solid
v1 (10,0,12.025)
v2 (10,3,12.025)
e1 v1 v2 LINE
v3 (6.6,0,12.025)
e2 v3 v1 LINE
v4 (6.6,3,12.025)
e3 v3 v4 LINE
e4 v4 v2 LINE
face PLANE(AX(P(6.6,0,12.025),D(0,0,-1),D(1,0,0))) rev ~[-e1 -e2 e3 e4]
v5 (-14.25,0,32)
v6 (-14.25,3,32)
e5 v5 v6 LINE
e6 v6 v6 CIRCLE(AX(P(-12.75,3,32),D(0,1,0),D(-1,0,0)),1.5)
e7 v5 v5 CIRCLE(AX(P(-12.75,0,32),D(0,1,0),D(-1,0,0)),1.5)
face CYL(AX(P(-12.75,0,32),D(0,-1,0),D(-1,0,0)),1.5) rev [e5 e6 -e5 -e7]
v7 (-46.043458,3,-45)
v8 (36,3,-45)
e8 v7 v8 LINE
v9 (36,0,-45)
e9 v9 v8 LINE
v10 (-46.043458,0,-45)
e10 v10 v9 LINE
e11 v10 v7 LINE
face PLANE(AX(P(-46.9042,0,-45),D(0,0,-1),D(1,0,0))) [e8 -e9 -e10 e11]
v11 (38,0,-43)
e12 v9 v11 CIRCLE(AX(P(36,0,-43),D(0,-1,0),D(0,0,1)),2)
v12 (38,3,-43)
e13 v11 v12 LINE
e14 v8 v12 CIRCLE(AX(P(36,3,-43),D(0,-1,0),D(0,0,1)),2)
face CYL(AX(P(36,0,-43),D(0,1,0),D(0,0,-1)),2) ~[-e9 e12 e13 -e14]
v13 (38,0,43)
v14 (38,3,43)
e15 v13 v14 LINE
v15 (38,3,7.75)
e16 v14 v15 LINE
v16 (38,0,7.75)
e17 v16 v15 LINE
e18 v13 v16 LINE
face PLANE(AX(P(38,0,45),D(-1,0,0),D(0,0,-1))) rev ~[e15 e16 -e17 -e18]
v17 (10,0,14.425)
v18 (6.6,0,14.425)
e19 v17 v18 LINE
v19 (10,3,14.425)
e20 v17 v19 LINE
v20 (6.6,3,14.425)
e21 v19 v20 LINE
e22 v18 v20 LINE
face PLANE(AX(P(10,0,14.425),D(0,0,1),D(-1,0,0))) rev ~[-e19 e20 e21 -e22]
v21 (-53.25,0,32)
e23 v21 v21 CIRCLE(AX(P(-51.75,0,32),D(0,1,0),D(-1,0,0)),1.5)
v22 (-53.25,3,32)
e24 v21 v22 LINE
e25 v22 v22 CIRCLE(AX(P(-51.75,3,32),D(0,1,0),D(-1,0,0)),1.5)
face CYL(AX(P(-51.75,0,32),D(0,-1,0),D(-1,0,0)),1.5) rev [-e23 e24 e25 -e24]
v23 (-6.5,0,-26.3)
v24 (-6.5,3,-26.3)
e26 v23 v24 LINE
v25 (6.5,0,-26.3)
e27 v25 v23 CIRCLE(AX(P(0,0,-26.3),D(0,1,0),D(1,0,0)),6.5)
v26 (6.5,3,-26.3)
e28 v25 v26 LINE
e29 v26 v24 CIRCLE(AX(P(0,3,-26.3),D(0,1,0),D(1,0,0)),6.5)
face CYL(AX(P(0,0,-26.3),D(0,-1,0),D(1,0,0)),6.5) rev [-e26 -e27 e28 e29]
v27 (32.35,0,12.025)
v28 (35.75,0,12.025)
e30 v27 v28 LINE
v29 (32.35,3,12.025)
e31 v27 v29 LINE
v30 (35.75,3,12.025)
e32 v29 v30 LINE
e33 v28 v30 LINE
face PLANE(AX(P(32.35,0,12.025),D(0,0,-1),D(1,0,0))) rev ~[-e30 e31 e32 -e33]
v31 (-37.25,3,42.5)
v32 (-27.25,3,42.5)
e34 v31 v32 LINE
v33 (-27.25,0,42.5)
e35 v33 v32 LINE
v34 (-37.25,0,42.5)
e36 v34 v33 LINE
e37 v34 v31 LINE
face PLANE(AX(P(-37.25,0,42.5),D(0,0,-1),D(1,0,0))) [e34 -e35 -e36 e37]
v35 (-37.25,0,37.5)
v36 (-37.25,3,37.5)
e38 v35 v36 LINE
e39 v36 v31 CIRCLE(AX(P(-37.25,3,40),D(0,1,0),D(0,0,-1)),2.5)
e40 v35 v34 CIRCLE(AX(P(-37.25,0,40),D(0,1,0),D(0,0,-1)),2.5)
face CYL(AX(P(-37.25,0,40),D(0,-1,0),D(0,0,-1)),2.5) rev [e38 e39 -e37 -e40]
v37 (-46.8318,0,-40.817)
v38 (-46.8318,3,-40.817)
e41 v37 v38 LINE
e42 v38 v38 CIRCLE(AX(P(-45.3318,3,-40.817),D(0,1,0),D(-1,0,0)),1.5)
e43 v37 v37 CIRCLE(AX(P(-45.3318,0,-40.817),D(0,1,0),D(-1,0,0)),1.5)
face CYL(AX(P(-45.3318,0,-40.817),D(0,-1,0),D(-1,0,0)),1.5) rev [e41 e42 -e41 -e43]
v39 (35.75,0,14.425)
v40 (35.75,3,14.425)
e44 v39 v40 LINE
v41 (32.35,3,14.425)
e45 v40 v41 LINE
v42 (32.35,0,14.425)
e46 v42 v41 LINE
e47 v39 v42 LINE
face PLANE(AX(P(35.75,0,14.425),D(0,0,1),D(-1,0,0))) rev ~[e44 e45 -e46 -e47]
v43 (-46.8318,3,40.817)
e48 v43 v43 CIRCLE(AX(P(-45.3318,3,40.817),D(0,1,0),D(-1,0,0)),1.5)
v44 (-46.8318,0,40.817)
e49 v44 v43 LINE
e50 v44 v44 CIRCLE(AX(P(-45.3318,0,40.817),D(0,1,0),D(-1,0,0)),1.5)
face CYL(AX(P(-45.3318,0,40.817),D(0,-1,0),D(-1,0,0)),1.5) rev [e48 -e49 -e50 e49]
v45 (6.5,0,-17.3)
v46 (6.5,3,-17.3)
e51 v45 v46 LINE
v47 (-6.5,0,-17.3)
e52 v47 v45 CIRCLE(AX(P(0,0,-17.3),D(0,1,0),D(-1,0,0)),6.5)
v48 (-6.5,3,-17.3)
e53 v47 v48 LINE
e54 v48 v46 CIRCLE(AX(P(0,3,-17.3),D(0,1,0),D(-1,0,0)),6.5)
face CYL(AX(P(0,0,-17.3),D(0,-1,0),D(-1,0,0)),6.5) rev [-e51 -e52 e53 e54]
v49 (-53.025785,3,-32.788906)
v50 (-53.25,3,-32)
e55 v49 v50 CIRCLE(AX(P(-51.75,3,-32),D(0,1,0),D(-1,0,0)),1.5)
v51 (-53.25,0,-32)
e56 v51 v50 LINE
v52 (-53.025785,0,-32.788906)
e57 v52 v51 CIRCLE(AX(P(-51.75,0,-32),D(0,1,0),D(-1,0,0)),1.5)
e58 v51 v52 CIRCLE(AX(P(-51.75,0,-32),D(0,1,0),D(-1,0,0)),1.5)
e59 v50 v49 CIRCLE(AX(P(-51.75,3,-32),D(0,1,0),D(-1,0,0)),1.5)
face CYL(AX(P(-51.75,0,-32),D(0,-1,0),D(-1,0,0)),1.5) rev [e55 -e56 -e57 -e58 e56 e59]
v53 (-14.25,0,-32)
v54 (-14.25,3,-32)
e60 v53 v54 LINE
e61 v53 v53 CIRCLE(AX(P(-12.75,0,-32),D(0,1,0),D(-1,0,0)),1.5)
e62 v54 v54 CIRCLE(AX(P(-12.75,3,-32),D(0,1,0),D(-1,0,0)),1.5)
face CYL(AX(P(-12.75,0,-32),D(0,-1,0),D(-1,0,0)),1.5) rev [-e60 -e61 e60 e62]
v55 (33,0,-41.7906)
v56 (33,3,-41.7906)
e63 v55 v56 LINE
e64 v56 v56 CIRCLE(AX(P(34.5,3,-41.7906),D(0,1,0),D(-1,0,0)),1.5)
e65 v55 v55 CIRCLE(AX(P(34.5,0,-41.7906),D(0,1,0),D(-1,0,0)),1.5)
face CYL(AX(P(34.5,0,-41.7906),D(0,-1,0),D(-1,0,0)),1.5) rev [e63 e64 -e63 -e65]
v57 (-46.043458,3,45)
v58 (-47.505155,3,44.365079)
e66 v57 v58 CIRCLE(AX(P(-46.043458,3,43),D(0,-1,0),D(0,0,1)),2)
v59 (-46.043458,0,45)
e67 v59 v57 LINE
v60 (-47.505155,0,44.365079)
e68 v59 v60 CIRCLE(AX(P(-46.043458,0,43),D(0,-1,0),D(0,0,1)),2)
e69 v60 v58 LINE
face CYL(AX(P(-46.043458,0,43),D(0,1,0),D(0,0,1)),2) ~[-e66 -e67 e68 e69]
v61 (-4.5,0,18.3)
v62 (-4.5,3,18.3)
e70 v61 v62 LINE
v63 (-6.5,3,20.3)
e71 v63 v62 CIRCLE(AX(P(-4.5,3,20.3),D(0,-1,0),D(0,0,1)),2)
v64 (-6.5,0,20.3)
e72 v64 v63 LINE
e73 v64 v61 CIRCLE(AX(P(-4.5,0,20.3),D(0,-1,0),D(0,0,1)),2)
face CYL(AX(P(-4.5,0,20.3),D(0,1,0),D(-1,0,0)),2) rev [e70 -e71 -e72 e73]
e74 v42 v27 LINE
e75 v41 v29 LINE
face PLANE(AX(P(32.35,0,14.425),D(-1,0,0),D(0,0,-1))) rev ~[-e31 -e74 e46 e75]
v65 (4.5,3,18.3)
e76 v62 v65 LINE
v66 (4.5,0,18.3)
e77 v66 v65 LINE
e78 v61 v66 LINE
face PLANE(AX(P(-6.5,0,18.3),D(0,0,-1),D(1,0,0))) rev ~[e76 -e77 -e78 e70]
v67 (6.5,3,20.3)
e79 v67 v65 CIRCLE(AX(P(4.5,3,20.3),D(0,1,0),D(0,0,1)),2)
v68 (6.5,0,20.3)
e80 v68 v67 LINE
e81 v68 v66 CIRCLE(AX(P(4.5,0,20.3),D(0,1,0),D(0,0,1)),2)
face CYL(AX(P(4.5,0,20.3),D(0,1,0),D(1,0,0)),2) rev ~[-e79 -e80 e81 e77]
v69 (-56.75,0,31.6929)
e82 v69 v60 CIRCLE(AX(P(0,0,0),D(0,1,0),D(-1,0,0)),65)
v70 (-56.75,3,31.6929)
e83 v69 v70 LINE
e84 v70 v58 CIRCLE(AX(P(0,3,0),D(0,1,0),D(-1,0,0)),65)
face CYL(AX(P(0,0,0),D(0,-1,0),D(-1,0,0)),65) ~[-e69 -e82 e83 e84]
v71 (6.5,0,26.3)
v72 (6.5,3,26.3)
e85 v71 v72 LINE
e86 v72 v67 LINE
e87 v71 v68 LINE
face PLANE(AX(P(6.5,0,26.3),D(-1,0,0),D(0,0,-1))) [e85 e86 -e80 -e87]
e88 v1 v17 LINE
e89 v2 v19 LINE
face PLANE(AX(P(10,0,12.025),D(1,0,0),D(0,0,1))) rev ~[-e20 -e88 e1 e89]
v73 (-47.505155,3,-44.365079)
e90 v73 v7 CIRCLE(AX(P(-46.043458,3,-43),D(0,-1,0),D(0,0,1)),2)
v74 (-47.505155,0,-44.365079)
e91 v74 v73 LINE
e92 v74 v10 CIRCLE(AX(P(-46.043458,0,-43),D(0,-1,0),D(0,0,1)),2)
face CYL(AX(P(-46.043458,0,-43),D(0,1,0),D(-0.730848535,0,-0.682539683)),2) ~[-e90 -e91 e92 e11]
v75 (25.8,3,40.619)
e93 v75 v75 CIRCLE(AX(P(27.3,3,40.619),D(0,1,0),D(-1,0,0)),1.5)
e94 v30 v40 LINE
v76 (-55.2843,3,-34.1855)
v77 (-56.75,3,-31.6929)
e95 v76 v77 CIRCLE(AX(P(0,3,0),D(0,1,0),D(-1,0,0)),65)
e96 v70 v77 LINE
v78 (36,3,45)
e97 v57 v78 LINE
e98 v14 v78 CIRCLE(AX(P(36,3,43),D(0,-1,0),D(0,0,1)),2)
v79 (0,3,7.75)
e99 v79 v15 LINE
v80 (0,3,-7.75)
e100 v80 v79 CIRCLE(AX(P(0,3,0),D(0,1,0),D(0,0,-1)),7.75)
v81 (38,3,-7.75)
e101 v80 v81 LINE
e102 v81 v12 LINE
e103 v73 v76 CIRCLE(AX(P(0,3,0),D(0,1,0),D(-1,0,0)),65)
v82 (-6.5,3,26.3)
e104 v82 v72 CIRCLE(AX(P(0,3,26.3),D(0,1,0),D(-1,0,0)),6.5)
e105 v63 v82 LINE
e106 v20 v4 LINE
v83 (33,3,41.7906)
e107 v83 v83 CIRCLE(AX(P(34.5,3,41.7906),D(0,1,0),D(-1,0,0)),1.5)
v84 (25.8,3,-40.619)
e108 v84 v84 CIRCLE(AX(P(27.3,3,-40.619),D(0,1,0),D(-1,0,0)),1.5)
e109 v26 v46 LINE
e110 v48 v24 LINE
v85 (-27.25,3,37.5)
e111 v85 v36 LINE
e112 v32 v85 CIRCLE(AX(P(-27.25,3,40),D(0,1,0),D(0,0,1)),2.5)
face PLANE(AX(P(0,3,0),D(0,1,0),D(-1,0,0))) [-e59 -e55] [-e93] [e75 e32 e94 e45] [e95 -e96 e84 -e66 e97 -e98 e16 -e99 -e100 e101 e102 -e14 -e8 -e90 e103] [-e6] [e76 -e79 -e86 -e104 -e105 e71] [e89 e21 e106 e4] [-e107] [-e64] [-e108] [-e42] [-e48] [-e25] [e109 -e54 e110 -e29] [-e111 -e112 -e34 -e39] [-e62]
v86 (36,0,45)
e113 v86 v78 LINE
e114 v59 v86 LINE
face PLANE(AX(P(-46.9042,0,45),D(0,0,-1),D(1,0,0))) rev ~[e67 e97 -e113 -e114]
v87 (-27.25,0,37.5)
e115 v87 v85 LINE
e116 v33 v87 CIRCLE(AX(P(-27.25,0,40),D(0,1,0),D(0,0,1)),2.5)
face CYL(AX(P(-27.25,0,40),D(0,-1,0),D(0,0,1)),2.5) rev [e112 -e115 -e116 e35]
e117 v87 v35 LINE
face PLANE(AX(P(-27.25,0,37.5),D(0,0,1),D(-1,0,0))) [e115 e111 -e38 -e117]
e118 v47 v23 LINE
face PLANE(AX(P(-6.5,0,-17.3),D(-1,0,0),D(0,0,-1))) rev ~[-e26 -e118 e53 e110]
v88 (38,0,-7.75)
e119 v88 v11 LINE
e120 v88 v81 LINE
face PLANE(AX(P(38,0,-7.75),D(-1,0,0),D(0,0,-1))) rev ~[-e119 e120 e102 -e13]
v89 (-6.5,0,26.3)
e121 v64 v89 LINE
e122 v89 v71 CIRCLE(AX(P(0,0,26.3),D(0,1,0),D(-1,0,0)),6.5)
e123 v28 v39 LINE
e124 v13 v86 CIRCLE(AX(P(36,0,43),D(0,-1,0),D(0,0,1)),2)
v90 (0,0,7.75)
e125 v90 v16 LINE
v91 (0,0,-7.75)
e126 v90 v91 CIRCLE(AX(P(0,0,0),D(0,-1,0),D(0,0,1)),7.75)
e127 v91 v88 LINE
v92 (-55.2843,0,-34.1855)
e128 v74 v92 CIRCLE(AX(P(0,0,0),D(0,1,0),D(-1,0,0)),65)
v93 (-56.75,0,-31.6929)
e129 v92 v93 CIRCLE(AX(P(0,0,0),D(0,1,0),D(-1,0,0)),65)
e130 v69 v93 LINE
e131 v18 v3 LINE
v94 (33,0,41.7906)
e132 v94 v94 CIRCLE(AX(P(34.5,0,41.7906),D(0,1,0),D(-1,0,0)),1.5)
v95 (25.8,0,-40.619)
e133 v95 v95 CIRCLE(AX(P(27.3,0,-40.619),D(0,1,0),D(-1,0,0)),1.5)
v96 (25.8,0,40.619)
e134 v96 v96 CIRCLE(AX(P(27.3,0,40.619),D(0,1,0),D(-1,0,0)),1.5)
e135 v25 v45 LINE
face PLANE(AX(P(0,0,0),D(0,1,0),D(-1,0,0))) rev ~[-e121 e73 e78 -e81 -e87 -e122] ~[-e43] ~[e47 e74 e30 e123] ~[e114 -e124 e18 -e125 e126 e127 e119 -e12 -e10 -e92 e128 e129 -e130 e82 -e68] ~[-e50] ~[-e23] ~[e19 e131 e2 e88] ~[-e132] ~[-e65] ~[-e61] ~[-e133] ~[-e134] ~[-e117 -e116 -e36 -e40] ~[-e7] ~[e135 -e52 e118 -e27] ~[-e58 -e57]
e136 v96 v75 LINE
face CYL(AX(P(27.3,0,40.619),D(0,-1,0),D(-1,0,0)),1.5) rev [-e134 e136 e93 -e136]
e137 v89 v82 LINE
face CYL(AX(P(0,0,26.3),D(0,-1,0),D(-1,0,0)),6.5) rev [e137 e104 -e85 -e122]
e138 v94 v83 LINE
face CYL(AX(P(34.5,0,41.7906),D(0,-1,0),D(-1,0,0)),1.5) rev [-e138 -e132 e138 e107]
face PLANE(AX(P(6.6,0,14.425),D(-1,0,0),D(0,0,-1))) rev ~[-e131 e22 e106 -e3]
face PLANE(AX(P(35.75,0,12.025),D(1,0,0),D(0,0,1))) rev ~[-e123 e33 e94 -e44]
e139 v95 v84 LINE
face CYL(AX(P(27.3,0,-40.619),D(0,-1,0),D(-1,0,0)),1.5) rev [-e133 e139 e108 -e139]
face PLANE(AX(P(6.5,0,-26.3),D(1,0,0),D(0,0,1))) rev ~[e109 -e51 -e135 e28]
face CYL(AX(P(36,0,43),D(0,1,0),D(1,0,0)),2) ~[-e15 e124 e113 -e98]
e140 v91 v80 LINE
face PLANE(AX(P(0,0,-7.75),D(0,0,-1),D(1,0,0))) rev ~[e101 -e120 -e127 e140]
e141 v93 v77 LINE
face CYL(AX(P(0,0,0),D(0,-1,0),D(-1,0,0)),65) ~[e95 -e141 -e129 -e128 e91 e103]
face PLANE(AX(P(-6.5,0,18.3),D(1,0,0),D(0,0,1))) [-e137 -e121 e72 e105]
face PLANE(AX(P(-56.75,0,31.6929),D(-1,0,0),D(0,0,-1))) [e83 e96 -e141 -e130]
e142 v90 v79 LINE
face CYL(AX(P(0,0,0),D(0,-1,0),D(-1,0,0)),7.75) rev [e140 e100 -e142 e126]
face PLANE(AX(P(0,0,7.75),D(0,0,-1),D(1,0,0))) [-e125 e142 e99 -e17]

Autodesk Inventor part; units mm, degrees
ref_plane "YZ Plane" through (0, 0, 0) normal (1, 0, 0) x (0, 1, 0)
ref_plane "XZ Plane" through (0, 0, 0) normal (0, 1, 0) x (-1, 0, 0)
ref_plane "XY Plane" through (0, 0, 0) normal (0, 0, 1) x (1, 0, 0)
sketch "Sketch1" plane through (0, 0, 0) normal (0, 1, 0) x (-1, 0, 0)
  circle A0 centre (0, 0) radius 54.1913 construction
  line L0 (0, 54.1913) -> (0, -54.1913) construction
  circle A1 centre (-34.5, 41.7906) radius 1.5
  line L1 (0, 0) -> (-54.1913, 0)
  circle A2 centre (-34.5, -41.7906) radius 1.5
  line L2 (-38, 52.7352) -> (-38, -52.7352)
  circle A3 centre (0, 0) radius 7.75
  line L3 (0, 7.75) -> (-38, 7.75)
  line L4 (0, -7.75) -> (-38, -7.75)
  circle A4 centre (0, 0) radius 65
  circle A5 centre (-34.5, -41.7906) radius 1.5
  line L5 (12.75, 32) -> (51.75, 32) construction
  line L6 (51.75, 32) -> (51.75, -32) construction
  line L7 (51.75, -32) -> (12.75, -32) construction
  line L8 (12.75, -32) -> (12.75, 32) construction
  circle A6 centre (0, 0) radius 70 construction
  line L9 (-45, 53.619) -> (-45, -53.619) construction
  line L10 (0, 0) -> (-34.5, 41.7906) construction
  circle A7 centre (-27.3, 40.619) radius 1.5
  circle A8 centre (-27.3, -40.619) radius 1.5
  circle A9 centre (51.75, -32) radius 1.5
  line L11 (51.75, -32) -> (55.2843, -34.1855)
  circle A10 centre (51.75, 32) radius 1.5
  circle A11 centre (12.75, 32) radius 1.5
  circle A12 centre (12.75, -32) radius 1.5
  circle A13 centre (45.3318, 40.817) radius 1.5
  circle A14 centre (45.3318, -40.817) radius 1.5
  line L12 (-6.6, 12.025) -> (-10, 12.025)
  line L13 (-10, 12.025) -> (-10, 14.425)
  line L14 (-10, 14.425) -> (-6.6, 14.425)
  line L15 (-6.6, 14.425) -> (-6.6, 12.025)
  line L16 (0, 26.3) -> (0, 17.3) construction
  line L17 (-6.5, 26.3) -> (-6.5, 17.3)
  line L18 (6.5, 17.3) -> (6.5, 26.3)
  arc A15 (6.5, 26.3) -> (-6.5, 26.3) centre (0, 26.3) ccw
  arc A16 (-6.5, 17.3) -> (6.5, 17.3) centre (0, 17.3) ccw
  line L19 (-6.5, -26.3) -> (-6.5, -17.3)
  line L20 (6.5, -17.3) -> (6.5, -26.3)
  arc A17 (-6.5, -26.3) -> (6.5, -26.3) centre (0, -26.3) ccw
  arc A18 (6.5, -17.3) -> (-6.5, -17.3) centre (0, -17.3) ccw
  line L21 (0, 0) -> (-12.842, 0) construction
  line L22 (-10, 12.025) -> (-26.65, 12.025) construction
  line L23 (-26.65, 12.025) -> (-26.65, 0) construction
  line L24 (-26.65, 0) -> (-17.65, 0)
  line L25 (0, 0) -> (45.3318, 40.817) construction
  line L26 (-8.3, 12.025) -> (-27.425, 12.025) construction
  line L27 (-27.425, 12.025) -> (-27.425, 0) construction
  line L28 (-7.75, 0) -> (-11.25, 0)
  line L29 (-11.25, 0) -> (-15.25, 0)
  line L30 (6.5, 18.3) -> (-6.5, 18.3)
  line L31 (-32.35, 12.025) -> (-35.75, 12.025)
  line L32 (-35.75, 12.025) -> (-35.75, 14.425)
  line L33 (-35.75, 14.425) -> (-32.35, 14.425)
  line L34 (-32.35, 14.425) -> (-32.35, 12.025)
  line L35 (37.25, 40) -> (27.25, 40) construction
  line L36 (37.25, 42.5) -> (27.25, 42.5)
  line L37 (27.25, 37.5) -> (37.25, 37.5)
  arc A19 (37.25, 37.5) -> (37.25, 42.5) centre (37.25, 40) ccw
  arc A20 (27.25, 42.5) -> (27.25, 37.5) centre (27.25, 40) ccw
  line L38 (46.9042, -45) -> (-38, -45)
  line L39 (46.9042, 45) -> (-38, 45)
  line L40 (-6.5, 18.3) -> (-6.6, 14.425) construction
  line L41 (56.75, 31.6929) -> (56.75, -31.6929)
  point P0 (12.75, 0)
  point P1 (7.75, 0)
  point P2 (0, -7.75)
  point P3 (-38, -7.75)
  point P4 (51.75, -16.0823)
  point P5 (51.75, -30.5)
  point P6 (50.25, -32)
  point P7 (43.7344, -32)
  point P8 (51.75, 16.0823)
  point P9 (43.7344, 32)
  point P10 (50.25, 32)
  point P11 (51.75, 30.5)
  point P12 (0, 21.8)
  point P13 (0, 10.8)
  point P14 (0, 32.8)
  point P15 (-45, -46.9042)
  point P16 (-45, 46.9042)
  point P17 (52.6522, 30.8017)
  point P18 (51.081, 33.3426)
  point P19 (51.081, -33.3426)
  point P20 (52.6522, -30.8017)
  point P21 (32.25, 40)
  point P22 (32.25, 32)
  point P23 (46.9042, 45)
  point P24 (-38, 45)
  dimension "d2" = 3
  dimension "d3" = 38
  dimension "d4" = 15.5
  dimension "d5" = 130
  dimension "d6" = 39
  dimension "d7" = 64
  dimension "d8" = 5
  dimension "d9" = 140
  dimension "d11" = 45
  dimension "d15" = 108.3827
  dimension "d16" = 39.541
  dimension "d17" = 3
  dimension "d18" = 17.7
  dimension "d19" = 13
  dimension "d20" = 3
  dimension "d21" = 4.1554
  dimension "d40" = 2.4
  dimension "d41" = 3.4
  dimension "d42" = 4.275
  dimension "d43" = 28
  dimension "d45" = 13
  dimension "d46" = 22
  dimension "d49" = 21.8
  dimension "d51" = 12.842
  dimension "d52" = 16.65
  dimension "d53" = 9
  dimension "d54" = 4.808
  dimension "d56" = 4.2947
  dimension "d58" = 48
  dimension "d59" = 61
  dimension "d60" = 3
  dimension "d63" = 19.125
  dimension "d64" = 3.5
  dimension "d66" = 4
  dimension "d67" = 12.175
  dimension "d68" = 1
  dimension "d69" = 22.35
  dimension "d70" = 5
  dimension "d71" = 5.5
  dimension "d72" = 10
  dimension "d75" = 45
  dimension "d76" = 3.8763
  dimension "d81" = 5
extrude "Extrusion1" add sketch "Sketch1" along normal blind 3 contours L3 L2 L39 A4 L41 L38 L4 A3 | L30 L18 A16 L17
fillet "Fillet1" radius 2 6 edges at (38, 1.5, 45) (38, 1.5, -45) (-46.9042, 1.5, 45) (-46.9042, 1.5, -45) (-6.5, 1.5, 18.3) (6.5, 1.5, 18.3)
fillet "Fillet2" [suppressed]
properties part number "base_nivel2"
